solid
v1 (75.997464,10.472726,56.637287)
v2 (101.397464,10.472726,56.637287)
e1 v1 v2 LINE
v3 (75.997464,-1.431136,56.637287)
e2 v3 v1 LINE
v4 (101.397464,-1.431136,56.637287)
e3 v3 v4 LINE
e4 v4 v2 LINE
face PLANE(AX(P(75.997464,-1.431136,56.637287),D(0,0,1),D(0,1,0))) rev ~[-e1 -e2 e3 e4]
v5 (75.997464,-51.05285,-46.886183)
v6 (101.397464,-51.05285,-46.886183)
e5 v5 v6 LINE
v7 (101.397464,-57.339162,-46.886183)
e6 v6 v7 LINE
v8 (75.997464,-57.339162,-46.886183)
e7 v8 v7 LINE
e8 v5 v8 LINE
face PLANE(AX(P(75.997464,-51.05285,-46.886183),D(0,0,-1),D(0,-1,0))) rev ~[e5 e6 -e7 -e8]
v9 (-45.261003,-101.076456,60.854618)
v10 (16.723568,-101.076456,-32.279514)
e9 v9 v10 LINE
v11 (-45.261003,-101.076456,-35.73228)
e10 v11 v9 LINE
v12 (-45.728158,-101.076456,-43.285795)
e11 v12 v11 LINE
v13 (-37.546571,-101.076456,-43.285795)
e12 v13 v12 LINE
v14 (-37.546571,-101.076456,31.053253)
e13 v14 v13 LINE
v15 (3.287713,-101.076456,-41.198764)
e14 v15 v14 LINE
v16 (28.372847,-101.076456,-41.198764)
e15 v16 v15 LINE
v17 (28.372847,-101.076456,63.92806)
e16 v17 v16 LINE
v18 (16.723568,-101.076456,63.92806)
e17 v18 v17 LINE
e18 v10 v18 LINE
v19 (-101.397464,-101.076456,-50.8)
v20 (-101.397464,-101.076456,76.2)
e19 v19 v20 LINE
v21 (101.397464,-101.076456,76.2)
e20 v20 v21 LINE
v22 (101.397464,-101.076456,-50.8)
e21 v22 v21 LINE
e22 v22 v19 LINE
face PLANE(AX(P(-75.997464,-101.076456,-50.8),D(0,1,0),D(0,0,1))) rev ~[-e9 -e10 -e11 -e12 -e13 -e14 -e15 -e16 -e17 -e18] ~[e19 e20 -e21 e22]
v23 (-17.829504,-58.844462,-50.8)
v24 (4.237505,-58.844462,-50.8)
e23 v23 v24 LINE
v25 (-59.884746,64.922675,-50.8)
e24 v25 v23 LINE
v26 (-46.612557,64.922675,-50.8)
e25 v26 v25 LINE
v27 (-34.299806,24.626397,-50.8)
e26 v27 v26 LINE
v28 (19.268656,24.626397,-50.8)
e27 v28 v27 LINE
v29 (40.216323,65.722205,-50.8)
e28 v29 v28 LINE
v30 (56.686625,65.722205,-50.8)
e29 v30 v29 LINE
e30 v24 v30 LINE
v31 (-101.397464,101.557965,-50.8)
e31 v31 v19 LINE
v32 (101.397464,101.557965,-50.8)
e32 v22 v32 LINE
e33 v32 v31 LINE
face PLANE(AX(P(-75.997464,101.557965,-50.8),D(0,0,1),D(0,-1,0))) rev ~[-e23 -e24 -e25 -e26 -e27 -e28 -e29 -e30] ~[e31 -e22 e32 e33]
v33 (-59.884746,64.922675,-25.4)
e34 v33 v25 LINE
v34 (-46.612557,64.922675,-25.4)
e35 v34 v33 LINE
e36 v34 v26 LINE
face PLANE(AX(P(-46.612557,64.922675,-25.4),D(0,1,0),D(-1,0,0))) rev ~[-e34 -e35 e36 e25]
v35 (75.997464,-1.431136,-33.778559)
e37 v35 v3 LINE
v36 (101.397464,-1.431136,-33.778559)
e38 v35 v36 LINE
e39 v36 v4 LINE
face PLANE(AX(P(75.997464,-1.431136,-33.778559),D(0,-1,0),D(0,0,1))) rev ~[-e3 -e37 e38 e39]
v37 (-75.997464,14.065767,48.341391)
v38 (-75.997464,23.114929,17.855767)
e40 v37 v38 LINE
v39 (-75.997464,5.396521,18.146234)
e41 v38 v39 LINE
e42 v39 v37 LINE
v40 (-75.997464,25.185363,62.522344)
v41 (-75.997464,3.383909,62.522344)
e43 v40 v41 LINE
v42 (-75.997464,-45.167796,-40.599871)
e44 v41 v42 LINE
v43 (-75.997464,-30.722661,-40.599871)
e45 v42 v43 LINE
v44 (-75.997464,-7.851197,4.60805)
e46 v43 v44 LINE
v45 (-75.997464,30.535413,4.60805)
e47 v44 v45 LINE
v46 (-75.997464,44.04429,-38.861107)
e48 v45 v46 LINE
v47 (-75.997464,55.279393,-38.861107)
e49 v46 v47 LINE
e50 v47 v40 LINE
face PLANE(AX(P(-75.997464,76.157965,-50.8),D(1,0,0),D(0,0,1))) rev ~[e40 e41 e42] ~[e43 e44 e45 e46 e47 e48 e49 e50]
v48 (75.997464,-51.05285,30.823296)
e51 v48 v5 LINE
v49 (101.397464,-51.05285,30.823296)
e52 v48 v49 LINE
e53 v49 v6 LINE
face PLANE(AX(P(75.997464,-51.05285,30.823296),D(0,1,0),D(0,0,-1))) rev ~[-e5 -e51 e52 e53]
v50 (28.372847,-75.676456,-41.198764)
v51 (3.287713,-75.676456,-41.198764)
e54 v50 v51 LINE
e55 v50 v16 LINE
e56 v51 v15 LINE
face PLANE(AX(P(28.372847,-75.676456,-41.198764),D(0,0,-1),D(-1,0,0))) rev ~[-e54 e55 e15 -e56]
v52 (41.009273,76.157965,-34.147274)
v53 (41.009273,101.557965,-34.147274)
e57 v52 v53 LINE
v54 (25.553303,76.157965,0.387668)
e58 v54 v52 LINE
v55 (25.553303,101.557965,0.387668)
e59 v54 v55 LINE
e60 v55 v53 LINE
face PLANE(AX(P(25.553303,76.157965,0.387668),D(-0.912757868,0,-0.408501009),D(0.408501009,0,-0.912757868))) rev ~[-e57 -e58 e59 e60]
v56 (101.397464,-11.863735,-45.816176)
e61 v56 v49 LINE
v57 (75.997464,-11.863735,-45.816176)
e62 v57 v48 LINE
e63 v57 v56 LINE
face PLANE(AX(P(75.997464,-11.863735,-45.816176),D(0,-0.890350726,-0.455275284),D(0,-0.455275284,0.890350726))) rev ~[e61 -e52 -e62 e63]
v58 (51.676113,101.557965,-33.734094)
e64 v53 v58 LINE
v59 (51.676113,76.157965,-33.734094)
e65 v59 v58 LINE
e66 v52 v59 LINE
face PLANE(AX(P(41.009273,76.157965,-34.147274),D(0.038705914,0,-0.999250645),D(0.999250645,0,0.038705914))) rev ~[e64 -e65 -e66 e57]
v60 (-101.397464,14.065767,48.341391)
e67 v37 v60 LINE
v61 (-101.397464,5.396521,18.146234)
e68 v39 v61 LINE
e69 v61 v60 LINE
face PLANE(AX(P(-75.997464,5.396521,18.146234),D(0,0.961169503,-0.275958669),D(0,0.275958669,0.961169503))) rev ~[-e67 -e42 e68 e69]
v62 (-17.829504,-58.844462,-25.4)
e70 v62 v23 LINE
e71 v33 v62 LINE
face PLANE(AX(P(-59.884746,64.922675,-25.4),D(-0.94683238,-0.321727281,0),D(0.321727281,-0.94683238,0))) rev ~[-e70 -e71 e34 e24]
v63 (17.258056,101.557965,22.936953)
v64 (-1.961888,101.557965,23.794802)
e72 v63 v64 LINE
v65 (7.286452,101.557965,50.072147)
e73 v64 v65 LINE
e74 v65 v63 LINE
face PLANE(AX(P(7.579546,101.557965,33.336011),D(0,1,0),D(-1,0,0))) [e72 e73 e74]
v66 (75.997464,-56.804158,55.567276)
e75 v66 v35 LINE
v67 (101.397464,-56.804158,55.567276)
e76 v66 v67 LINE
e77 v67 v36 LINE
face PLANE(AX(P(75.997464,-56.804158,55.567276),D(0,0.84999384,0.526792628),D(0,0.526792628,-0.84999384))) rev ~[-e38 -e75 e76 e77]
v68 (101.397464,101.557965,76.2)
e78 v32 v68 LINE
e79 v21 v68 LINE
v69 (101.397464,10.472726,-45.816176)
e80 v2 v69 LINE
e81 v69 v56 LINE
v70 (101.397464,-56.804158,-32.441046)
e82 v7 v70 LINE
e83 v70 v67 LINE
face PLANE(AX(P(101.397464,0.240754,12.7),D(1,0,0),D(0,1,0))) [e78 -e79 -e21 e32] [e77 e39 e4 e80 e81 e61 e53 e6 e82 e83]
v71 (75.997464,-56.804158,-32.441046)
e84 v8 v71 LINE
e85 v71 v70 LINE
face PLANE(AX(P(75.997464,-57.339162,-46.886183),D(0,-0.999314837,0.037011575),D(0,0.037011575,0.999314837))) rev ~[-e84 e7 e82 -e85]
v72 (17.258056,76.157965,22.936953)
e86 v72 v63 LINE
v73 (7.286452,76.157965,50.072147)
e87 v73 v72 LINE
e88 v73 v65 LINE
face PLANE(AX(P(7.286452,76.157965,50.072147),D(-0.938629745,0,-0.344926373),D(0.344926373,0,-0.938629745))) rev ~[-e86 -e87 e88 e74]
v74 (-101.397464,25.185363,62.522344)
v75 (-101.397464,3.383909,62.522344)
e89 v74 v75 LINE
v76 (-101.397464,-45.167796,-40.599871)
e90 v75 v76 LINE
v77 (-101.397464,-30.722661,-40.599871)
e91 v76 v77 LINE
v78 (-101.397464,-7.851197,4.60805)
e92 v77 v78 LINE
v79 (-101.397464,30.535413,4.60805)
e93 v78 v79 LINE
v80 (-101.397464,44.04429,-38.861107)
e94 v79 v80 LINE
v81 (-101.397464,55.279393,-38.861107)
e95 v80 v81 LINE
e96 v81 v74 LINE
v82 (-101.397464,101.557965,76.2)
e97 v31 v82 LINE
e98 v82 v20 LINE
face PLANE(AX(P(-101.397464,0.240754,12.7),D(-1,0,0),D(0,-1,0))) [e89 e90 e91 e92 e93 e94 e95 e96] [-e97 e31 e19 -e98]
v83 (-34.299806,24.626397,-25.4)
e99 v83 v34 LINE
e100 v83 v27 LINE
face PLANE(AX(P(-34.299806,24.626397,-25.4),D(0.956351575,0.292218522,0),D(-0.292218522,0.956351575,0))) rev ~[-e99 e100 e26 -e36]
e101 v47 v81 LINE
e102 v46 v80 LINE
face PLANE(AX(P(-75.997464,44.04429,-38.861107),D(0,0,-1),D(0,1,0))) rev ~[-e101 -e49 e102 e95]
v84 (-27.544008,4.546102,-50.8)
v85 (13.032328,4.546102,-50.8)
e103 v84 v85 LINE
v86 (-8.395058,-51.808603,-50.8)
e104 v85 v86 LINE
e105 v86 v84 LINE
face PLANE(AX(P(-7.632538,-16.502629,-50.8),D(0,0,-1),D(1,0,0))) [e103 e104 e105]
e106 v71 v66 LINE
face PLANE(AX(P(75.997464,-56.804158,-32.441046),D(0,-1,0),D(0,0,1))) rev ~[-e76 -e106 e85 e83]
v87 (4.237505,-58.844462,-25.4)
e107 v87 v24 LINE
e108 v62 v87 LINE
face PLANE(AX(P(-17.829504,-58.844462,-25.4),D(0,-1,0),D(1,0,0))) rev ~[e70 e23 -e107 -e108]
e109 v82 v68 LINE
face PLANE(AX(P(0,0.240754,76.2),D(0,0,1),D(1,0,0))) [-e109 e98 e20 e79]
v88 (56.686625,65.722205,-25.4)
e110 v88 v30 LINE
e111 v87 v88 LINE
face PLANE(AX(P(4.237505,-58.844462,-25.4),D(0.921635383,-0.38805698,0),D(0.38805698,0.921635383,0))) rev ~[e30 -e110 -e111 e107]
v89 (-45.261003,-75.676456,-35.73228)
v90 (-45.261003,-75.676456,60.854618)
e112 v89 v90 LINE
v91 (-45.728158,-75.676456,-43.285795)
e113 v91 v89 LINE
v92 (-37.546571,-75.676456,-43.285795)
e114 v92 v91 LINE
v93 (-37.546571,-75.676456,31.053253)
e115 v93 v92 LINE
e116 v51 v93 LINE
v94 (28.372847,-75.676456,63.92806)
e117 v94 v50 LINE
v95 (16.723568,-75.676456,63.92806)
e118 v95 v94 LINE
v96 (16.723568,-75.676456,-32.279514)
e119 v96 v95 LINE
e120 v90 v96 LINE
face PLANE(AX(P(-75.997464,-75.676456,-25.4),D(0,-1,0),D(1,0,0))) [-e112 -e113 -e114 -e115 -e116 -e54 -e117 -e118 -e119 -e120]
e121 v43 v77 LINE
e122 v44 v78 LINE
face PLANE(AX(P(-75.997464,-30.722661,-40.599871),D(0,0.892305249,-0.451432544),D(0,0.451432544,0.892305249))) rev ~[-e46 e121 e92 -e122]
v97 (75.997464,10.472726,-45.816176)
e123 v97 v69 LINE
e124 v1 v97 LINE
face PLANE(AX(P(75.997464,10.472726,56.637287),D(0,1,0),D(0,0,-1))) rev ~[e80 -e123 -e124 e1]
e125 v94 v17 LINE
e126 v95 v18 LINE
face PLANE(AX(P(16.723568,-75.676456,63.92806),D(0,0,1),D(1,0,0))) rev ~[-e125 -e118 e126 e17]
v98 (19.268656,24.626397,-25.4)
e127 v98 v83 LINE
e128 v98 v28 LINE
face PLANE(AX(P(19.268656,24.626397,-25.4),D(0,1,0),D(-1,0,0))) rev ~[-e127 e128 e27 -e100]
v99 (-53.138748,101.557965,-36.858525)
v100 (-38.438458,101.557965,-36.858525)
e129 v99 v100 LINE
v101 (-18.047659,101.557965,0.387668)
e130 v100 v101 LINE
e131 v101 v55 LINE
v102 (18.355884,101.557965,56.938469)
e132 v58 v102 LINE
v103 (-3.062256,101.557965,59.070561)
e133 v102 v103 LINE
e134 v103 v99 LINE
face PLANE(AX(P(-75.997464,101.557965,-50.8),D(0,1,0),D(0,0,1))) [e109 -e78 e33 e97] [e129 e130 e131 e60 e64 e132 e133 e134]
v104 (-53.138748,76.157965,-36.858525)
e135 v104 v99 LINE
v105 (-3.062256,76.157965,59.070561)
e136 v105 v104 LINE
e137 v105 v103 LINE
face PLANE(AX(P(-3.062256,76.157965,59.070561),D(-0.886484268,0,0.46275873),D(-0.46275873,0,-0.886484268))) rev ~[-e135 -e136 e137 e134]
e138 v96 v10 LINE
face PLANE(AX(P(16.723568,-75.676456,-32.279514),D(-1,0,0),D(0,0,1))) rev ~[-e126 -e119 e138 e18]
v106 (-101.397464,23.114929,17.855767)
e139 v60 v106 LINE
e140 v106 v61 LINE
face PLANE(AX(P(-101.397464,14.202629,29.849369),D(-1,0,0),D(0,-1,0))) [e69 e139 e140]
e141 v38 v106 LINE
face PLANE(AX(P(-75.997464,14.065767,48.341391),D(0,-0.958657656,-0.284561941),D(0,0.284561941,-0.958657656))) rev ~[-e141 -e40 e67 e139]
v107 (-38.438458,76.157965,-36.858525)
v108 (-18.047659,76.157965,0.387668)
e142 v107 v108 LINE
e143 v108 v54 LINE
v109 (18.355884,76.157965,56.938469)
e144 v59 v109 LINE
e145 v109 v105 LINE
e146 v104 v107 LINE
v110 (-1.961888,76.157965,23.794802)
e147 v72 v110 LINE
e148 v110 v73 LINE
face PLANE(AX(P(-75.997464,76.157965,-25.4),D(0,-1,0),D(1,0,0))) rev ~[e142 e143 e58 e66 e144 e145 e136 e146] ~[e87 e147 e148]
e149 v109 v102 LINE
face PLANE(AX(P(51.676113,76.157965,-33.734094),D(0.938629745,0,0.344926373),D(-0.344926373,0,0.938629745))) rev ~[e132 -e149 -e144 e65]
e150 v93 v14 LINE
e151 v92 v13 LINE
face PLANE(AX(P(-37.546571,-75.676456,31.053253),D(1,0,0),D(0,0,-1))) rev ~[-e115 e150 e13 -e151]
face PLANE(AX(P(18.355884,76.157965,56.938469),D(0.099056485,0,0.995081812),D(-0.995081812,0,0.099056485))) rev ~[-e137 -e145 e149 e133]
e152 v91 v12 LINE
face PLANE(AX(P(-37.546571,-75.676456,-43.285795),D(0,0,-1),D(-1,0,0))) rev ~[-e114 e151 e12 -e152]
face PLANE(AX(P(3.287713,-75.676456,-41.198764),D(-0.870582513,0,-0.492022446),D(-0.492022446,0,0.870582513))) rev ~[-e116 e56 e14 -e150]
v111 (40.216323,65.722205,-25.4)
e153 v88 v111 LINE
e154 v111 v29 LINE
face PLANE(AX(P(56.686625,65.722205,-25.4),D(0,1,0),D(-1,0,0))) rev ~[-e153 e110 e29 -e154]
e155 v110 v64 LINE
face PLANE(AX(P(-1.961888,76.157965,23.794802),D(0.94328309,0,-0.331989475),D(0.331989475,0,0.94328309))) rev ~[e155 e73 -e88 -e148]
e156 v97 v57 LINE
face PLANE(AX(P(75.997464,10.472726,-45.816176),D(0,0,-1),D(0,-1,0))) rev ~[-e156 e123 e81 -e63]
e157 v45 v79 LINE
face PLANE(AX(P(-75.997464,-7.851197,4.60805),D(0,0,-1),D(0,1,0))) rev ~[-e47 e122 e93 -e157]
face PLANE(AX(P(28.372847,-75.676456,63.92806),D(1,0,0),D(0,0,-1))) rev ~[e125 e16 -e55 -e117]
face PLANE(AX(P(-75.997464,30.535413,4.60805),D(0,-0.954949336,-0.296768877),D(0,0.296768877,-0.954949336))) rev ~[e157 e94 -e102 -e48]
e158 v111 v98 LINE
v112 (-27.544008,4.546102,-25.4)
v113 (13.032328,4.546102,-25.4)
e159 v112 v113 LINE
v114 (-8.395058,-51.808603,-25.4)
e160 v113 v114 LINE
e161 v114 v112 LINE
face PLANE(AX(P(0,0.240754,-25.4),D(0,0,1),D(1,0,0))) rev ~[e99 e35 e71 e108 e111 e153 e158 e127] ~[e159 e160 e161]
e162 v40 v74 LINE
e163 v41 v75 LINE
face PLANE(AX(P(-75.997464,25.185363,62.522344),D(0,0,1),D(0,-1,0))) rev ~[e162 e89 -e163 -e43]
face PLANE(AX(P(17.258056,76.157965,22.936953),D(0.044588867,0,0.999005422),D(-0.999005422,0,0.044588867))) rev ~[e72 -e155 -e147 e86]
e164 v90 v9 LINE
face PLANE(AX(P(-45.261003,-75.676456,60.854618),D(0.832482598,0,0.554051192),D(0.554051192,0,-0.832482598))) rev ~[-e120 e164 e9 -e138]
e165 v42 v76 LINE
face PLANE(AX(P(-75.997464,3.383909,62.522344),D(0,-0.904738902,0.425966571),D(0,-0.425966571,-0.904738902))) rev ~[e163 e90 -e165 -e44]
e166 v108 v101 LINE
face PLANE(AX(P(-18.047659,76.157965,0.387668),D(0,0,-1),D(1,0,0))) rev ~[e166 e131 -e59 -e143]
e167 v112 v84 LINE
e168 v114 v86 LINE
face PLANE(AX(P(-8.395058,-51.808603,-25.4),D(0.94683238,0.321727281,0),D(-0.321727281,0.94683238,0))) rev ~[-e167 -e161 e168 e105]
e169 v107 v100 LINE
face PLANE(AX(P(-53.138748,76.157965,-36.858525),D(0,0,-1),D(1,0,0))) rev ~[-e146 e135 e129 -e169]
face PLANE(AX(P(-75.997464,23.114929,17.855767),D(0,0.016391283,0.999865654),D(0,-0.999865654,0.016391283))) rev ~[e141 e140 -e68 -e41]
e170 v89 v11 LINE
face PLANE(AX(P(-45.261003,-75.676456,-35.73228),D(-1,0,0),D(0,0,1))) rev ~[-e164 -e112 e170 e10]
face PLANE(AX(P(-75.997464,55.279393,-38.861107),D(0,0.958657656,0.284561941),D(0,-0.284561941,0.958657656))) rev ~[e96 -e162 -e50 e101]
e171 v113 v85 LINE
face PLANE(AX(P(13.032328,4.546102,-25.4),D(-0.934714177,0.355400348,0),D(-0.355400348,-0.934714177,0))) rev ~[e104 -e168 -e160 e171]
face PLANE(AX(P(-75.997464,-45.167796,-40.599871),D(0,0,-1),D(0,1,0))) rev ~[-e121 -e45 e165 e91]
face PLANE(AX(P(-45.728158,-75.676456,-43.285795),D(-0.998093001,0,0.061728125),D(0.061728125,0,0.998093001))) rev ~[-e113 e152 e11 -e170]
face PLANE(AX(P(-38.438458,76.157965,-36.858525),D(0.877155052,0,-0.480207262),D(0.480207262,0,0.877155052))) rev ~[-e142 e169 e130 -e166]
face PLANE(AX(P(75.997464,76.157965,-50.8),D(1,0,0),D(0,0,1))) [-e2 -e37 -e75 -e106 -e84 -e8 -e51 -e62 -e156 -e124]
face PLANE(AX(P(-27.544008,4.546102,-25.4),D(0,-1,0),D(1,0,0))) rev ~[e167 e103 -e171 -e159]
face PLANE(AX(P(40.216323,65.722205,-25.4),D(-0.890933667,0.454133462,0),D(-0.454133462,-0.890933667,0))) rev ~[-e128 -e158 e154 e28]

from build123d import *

# Parameters (mm, degrees)
F0_W      = 151.9949287176
F0_H      = 151.8344208598
F1_DEPTH  = 25.4
F2_DEPTH  = 25.4
F3_W      = 151.9949287176
F3_H      = 151.8344208598
F4_DEPTH  = 25.4
F5_DEPTH  = 25.4
F6_W      = 151.9949287176
F6_H      = 151.8344208598
F7_DEPTH  = 25.4
F9_DEPTH  = 25.4
F10_W     = 151.9949287176
F10_H     = 127
F11_DEPTH = 25.4
F12_W     = 151.9949287176
F12_H     = 127
F13_DEPTH = 25.4
F15_DEPTH = 25.4
F16_W     = 202.6344208598
F16_H     = 127
F17_DEPTH = 25.4
F18_W     = 202.6344208598
F18_H     = 127
F19_DEPTH = 25.4
F21_DEPTH = 25.4
F22_DEPTH = 25.4


with BuildPart() as f1:
    # F0 (on Top) → F1 (new body)
    with BuildSketch(Plane.XY):
        with Locations((0, 0.2407543361)):
            Rectangle(F0_W, F0_H)
    extrude(amount=F1_DEPTH)

    # F2 (add): a face of the model
    f2_faces = [f1.faces().sort_by_distance(p)[0] for p in [
        (0, 0.2407543361, 25.4),
    ]]
    extrude(f2_faces, amount=F2_DEPTH)

    # F3 (on face) → F4 (join)
    with BuildSketch(Plane.XY.offset(50.8)):
        with Locations((0, 0.2407543361)):
            Rectangle(F3_W, F3_H)
        Polygon((-54.7822974622, -60.2384917438), (-54.3631203473, -51.7334751785), (-54.3631203473, 43.2750284672), (20.9696162492, -43.1563518941), (29.0977004915, -51.7212189734), (30.7523328811, 43.9543314278), (45.7475273532, 43.6950014908), (45.7475273532, -59.0233169496), (20.4021297395, -59.0233169496), (-46.2220385671, 21.2365556508), (-46.2220385671, -60.2384917438), align=None, mode=Mode.SUBTRACT)
    extrude(amount=F4_DEPTH)

    # F5 (add): a face of the model
    f5_faces = [f1.faces().sort_by_distance(p)[0] for p in [
        (0, 0.2407543361, 0),
    ]]
    extrude(f5_faces, amount=F5_DEPTH)

    # F6 (on face) → F7 (join)
    with BuildSketch(Plane(origin=(0, 0, -25.4), x_dir=(1, 0, 0), z_dir=(0, 0, -1))):
        with Locations((0, -0.2407543361)):
            Rectangle(F6_W, F6_H)
        Polygon((-46.6125570238, -64.9226754904), (-59.8847456276, -64.9226754904), (-17.829503864, 58.8444620371), (4.2375051416, 58.8444620371), (56.6866248846, -65.7222047448), (40.2163229883, -65.7222047448), (19.2686561495, -24.6263965964), (-34.2998057604, -24.6263965964), align=None, mode=Mode.SUBTRACT)
    extrude(amount=F7_DEPTH)

    # F8 (on face) → F9 (join)
    with BuildSketch(Plane(origin=(0, 0, -25.4), x_dir=(1, 0, 0), z_dir=(0, 0, -1))):
        Polygon((13.0323283374, -4.5461022683), (-8.3950581029, 51.8086031079), (-27.544008353, -4.5461022683), align=None)
    extrude(amount=F9_DEPTH)

    # F10 (on face) → F11 (join)
    with BuildSketch(Plane.XZ.offset(75.6764560938)):
        with Locations((0, 12.7)):
            Rectangle(F10_W, F10_H)
        Polygon((-45.7281582057, -43.2857945561), (-45.261003077, -35.732280463), (-45.261003077, 60.8546175063), (16.7235676199, -32.2795137763), (16.7235676199, 63.9280602336), (28.3728465438, 63.9280602336), (28.3728465438, -41.1987639964), (3.2877130434, -41.1987639964), (-37.5465713441, 31.0532525182), (-37.5465713441, -43.2857945561), align=None, mode=Mode.SUBTRACT)
    extrude(amount=F11_DEPTH)

    # F12 (on face) → F13 (join)
    with BuildSketch(Plane(origin=(0, 76.157964766, 0), x_dir=(-1, 0, 0), z_dir=(0, 1, 0))):
        with Locations((0, 12.7)):
            Rectangle(F12_W, F12_H)
        Polygon((-41.00927338, -34.1472737491), (-51.6761131585, -33.7340943515), (-18.3558836579, 56.9384694099), (3.0622561462, 59.0705610812), (53.1387478113, -36.8585251272), (38.4384579957, -36.8585251272), (18.0476587266, 0.3876684059), (-25.5533028394, 0.3876684059), align=None, mode=Mode.SUBTRACT)
    extrude(amount=F13_DEPTH)

    # F14 (on face) → F15 (join)
    with BuildSketch(Plane(origin=(0, 76.157964766, 0), x_dir=(-1, 0, 0), z_dir=(0, 1, 0))):
        Polygon((-7.2864516565, 50.0721470643), (-17.2580555081, 22.9369532317), (1.9618875813, 23.7948019058), align=None)
    extrude(amount=F15_DEPTH)

    # F16 (on face) → F17 (join)
    with BuildSketch(Plane.YZ.offset(75.9974643588)):
        with Locations((0.2407543361, 12.7)):
            Rectangle(F16_W, F16_H)
        Polygon((-57.3391616344, -46.8861833215), (-56.8041577935, -32.4410460889), (-56.8041577935, 55.5672757328), (-1.4311361592, -33.7785594165), (-1.4311361592, 56.6372871399), (10.4727260768, 56.6372871399), (10.4727260768, 55.9685304761), (10.4727260768, -45.8161756396), (-11.8637345731, -45.8161756396), (-51.0528497398, 30.823295936), (-51.0528497398, -46.8861833215), align=None, mode=Mode.SUBTRACT)
    extrude(amount=F17_DEPTH)

    # F18 (on face) → F19 (join)
    with BuildSketch(Plane(origin=(-75.9974643588, 0, 0), x_dir=(0, -1, 0), z_dir=(-1, 0, 0))):
        with Locations((-0.2407543361, 12.7)):
            Rectangle(F18_W, F18_H)
        Polygon((-44.0442897379, -38.8611070812), (-55.2793927491, -38.8611070812), (-25.1853633672, 62.5223442912), (-3.3839091193, 62.5223442912), (45.1677963138, -40.5998714268), (30.7226609439, -40.5998714268), (7.8511973843, 4.6080499887), (-30.5354129523, 4.6080499887), align=None, mode=Mode.SUBTRACT)
    extrude(amount=F19_DEPTH)

    # F20 (on face) → F21 (join)
    with BuildSketch(Plane(origin=(-75.9974643588, 0, 0), x_dir=(0, -1, 0), z_dir=(-1, 0, 0))):
        Polygon((-14.065767224, 48.3413906964), (-23.1149289757, 17.8557671607), (-5.3965207189, 18.1462336332), align=None)
    extrude(amount=F21_DEPTH)

    # F22 (add): a face of the model
    f22_faces = [f1.faces().sort_by_distance(p)[0] for p in [
        (33.0748285463, -57.5754775221, 50.8),
    ]]
    extrude(f22_faces, amount=F22_DEPTH)


solid = f1.part
